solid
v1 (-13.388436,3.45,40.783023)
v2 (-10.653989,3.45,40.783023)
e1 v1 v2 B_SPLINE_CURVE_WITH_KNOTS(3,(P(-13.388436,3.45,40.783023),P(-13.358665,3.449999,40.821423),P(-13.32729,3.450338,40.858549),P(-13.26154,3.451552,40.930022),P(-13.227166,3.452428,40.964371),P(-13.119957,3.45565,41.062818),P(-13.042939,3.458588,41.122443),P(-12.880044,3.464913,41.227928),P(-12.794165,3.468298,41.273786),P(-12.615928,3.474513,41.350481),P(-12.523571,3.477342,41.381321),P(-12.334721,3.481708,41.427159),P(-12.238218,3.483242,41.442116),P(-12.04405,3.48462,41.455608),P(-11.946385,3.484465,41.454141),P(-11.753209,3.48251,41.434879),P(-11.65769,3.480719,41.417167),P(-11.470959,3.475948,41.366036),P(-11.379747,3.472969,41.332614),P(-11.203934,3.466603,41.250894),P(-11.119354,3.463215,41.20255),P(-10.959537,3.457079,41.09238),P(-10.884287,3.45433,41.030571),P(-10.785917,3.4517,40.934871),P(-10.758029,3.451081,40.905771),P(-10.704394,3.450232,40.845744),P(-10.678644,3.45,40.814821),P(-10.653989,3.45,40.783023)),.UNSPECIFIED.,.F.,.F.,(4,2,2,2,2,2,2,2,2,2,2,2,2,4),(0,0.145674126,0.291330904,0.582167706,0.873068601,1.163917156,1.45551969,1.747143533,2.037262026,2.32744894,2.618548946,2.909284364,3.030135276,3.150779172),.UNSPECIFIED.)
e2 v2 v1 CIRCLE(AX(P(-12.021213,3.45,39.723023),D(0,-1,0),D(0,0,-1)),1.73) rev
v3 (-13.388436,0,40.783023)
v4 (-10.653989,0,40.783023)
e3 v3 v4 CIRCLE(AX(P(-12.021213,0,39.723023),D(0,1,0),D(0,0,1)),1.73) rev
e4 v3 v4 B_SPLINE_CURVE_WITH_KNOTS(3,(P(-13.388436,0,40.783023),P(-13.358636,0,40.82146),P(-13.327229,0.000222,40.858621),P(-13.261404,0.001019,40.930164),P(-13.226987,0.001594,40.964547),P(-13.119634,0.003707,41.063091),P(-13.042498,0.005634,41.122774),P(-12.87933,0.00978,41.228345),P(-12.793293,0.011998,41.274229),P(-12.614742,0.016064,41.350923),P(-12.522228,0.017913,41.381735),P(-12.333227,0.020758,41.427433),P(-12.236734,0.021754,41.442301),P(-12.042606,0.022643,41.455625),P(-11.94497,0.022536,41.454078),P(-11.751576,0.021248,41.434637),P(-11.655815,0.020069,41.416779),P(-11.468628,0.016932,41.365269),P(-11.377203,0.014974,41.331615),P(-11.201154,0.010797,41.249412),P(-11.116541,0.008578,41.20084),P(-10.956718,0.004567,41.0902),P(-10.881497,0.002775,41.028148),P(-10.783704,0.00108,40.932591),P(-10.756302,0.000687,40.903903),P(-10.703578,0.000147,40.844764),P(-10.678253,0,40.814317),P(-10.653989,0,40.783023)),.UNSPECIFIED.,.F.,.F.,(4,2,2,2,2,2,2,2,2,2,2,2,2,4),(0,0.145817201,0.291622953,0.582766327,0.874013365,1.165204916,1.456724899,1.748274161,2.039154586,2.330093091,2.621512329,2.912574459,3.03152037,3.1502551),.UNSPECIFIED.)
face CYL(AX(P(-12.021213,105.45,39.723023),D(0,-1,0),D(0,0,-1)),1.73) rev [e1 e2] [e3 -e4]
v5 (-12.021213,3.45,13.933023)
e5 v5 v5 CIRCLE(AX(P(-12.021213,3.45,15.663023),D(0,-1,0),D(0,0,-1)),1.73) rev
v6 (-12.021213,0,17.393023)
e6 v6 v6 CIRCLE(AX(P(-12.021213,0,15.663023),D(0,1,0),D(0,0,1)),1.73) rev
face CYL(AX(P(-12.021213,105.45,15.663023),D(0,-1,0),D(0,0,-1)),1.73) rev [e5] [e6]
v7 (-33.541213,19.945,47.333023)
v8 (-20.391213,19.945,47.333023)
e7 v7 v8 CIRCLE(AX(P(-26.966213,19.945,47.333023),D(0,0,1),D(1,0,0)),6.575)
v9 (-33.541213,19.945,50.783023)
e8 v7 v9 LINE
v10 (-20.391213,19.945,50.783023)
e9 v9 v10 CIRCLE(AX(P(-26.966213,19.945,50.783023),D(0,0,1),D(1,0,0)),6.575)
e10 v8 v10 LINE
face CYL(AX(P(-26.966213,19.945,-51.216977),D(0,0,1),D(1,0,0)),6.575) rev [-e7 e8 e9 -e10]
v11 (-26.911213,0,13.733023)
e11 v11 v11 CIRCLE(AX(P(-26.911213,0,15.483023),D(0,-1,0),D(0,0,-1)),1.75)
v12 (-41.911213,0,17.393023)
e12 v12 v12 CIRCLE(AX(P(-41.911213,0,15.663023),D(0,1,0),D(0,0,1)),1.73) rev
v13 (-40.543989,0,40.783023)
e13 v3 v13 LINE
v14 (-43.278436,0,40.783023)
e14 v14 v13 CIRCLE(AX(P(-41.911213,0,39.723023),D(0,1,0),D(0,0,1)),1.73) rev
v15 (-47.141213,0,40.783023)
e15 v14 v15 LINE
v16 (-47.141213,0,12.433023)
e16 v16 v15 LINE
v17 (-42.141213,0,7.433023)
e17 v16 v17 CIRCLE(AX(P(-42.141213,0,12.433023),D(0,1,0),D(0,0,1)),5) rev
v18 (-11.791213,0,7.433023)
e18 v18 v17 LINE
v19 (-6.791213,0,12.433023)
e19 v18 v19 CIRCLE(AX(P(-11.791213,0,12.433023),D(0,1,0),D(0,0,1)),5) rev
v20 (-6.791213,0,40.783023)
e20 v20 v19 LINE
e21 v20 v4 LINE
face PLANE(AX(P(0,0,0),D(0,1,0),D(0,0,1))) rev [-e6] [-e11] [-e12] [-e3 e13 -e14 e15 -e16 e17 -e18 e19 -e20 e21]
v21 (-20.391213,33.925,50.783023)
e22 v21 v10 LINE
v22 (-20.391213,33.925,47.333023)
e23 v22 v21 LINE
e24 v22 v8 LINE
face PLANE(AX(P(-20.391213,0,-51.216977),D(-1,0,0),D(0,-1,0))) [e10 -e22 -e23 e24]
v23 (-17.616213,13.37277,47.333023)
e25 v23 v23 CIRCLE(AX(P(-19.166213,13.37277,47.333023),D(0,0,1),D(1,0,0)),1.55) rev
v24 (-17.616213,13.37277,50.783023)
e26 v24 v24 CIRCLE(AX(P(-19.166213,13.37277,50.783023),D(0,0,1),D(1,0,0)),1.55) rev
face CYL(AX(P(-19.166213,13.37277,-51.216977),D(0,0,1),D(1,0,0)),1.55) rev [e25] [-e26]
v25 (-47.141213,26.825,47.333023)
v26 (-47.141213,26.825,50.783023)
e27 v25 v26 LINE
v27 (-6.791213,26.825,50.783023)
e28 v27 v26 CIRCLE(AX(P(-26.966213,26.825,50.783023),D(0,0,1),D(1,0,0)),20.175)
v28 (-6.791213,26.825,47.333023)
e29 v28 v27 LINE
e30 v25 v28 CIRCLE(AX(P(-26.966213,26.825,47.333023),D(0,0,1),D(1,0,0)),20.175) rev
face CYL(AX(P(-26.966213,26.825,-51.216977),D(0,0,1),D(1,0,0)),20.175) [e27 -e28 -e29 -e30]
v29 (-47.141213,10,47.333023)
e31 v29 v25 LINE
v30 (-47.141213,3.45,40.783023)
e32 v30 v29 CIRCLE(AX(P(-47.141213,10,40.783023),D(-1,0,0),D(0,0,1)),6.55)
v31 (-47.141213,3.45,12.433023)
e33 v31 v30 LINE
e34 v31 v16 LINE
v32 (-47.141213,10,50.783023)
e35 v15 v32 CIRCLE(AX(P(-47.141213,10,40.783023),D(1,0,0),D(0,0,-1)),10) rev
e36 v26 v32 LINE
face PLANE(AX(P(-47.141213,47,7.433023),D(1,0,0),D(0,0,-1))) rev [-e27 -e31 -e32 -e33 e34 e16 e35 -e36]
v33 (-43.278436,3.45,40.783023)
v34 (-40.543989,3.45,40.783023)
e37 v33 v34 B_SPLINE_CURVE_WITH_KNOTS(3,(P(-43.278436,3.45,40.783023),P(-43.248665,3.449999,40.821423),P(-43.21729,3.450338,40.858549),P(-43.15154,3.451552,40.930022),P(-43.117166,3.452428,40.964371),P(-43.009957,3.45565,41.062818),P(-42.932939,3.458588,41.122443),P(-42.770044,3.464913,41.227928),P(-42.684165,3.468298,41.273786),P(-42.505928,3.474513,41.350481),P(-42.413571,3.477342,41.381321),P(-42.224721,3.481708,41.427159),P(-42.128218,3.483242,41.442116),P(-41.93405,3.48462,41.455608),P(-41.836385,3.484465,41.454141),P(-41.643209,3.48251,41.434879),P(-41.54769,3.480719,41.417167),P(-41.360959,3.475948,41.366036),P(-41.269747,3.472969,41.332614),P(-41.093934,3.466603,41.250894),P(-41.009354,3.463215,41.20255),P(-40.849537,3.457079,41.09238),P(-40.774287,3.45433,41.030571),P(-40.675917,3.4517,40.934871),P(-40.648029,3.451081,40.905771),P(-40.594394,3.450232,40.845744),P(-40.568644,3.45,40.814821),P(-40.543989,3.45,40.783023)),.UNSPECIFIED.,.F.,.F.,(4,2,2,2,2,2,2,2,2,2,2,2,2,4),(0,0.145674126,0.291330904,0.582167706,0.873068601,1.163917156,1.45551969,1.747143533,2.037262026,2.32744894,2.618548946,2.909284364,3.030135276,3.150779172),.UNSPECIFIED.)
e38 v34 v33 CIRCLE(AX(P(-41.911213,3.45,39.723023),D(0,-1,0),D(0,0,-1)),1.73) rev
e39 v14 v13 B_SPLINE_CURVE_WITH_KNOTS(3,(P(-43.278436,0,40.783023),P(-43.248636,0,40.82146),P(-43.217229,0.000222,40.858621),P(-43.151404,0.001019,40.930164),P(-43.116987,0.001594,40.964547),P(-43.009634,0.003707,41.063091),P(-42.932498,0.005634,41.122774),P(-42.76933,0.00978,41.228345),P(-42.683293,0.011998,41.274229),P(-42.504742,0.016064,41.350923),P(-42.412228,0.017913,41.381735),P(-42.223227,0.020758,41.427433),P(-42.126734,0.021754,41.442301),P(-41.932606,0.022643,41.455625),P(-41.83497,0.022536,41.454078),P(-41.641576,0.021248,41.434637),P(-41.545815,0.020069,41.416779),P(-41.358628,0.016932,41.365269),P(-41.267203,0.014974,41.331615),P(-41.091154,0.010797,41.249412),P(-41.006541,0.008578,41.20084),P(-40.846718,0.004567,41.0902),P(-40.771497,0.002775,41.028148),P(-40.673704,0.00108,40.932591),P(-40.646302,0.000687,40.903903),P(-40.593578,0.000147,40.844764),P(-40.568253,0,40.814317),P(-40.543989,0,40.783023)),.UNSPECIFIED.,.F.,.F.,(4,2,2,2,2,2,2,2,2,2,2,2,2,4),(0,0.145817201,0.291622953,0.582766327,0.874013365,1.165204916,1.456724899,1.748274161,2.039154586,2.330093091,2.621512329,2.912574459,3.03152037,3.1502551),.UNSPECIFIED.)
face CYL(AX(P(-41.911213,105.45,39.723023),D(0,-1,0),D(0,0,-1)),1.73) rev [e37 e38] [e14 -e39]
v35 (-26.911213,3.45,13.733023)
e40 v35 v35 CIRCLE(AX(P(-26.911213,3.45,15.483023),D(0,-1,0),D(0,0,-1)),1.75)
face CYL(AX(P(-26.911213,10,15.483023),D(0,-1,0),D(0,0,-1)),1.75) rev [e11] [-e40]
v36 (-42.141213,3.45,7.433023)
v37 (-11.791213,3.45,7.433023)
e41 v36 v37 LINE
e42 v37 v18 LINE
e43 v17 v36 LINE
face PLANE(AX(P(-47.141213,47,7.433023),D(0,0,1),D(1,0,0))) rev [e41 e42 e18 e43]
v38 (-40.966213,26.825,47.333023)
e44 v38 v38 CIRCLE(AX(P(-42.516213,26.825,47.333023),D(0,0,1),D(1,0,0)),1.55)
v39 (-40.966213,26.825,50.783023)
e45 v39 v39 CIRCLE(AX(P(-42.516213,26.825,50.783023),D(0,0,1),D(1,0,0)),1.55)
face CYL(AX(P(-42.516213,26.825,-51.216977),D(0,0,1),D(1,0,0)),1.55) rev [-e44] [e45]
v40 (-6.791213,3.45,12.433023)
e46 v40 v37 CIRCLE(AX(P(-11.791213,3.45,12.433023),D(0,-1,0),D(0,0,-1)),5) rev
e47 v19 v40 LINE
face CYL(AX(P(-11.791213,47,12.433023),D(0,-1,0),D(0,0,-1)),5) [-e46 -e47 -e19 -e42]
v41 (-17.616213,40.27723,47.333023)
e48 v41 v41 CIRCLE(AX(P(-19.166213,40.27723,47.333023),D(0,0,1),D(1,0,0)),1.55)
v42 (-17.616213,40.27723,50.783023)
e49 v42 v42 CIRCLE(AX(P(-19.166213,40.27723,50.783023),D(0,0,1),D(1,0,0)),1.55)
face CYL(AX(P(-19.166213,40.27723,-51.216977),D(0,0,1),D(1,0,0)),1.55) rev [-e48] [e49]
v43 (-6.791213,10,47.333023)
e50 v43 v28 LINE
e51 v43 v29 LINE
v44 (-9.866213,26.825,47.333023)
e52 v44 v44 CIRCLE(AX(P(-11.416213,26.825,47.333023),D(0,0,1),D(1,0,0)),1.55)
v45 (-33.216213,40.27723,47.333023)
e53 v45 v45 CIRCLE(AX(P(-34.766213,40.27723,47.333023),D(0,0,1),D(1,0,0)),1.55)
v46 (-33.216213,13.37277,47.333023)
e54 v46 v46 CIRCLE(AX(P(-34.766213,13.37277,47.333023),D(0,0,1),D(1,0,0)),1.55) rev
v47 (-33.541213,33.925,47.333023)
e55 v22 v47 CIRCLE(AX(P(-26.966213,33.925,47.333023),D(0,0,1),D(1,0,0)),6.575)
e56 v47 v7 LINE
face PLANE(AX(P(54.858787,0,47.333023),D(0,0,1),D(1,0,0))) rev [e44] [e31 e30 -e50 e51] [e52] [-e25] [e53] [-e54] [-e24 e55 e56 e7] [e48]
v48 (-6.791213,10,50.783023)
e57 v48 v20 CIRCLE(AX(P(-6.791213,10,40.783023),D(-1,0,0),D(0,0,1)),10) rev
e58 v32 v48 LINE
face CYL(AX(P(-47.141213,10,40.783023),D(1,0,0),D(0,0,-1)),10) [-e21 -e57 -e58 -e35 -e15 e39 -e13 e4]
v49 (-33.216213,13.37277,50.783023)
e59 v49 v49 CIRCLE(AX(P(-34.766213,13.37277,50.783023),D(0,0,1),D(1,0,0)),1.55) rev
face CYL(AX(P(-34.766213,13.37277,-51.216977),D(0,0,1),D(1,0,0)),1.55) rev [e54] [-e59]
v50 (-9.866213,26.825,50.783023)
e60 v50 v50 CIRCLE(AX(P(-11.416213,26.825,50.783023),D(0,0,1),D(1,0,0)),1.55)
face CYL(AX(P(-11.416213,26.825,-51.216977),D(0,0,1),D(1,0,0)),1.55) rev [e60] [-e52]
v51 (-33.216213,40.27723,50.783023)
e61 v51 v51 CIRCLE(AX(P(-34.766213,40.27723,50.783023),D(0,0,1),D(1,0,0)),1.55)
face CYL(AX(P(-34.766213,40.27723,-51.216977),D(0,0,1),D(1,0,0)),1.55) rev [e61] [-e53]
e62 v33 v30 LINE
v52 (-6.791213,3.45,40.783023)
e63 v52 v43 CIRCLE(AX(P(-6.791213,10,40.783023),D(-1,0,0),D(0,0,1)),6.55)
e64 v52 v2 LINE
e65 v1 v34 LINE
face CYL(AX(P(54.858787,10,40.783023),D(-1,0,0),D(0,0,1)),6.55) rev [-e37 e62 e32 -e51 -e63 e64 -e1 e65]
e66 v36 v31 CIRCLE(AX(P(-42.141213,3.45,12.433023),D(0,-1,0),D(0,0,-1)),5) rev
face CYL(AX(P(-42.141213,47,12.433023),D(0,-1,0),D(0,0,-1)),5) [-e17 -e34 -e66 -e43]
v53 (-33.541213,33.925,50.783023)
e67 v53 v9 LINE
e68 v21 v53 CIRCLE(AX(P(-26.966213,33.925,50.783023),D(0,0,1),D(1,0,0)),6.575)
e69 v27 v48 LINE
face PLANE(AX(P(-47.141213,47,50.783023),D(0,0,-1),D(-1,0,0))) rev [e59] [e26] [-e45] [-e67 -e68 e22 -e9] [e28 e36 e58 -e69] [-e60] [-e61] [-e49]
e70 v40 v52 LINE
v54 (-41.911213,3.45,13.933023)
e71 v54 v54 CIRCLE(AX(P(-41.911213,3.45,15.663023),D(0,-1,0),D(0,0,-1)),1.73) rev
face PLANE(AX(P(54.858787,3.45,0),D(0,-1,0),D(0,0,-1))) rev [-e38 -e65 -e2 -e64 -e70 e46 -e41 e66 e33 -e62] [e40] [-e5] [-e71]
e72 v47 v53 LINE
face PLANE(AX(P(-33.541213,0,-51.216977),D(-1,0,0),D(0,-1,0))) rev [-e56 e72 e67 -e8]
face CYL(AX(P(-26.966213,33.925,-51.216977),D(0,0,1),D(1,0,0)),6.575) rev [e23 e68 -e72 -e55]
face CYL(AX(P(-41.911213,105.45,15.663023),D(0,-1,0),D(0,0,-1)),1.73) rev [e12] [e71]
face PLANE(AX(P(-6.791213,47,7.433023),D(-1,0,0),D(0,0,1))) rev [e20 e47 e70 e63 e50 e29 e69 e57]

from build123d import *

# Parameters (mm, degrees)
SKETCH1_W               = 40.35
SKETCH1_H               = 43.35
BOSS_EXTRUDE1_DEPTH     = 47
CUT_EXTRUDE2_DEPTH      = 102
FILLET1_R               = 10
CUT_EXTRUDE3_DEPTH      = 102
FILLET2_R               = 5
CUT_EXTRUDE4_DEPTH      = 102
CUT_EXTRUDE4_DEPTH_BACK = 102
SKETCH6_R               = 1.73
CUT_EXTRUDE5_DEPTH      = 102
SKETCH8_R               = 1.55
CUT_EXTRUDE6_DEPTH      = 102
SKETCH9_R               = 1.75
CUT_EXTRUDE7_DEPTH      = 10


with BuildPart() as part:
    # Sketch1 → Boss-Extrude1 (new body)
    with BuildSketch(Plane(origin=(0, 0, 0), x_dir=(1, 0, 0), z_dir=(0, 1, 0))):
        with Locations((-26.966212793, -29.108023223)):
            Rectangle(SKETCH1_W, SKETCH1_H)
    extrude(amount=BOSS_EXTRUDE1_DEPTH)

    # Sketch3 → Cut-Extrude2 (cut)
    with BuildSketch(Plane.XY.offset(50.783023223)):
        with BuildLine():
            Line((-6.791212793, 47), (-26.966212793, 47))
            ThreePointArc((-26.966212793, 47), (-12.700333482, 41.09087931), (-6.791212793, 26.825))
            Line((-6.791212793, 26.825), (-6.791212793, 47))
        make_face()
        with BuildLine():
            Line((-47.141212793, 47), (-47.141212793, 26.825))
            ThreePointArc((-47.141212793, 26.825), (-41.232092103, 41.09087931), (-26.966212793, 47))
            Line((-26.966212793, 47), (-47.141212793, 47))
        make_face()
    extrude(amount=-CUT_EXTRUDE2_DEPTH, mode=Mode.SUBTRACT)

    # Fillet1
    fillet1_edges = [part.edges().sort_by_distance(p)[0] for p in [
        (-26.966212793, 0, 50.783023223),
    ]]
    fillet(fillet1_edges, radius=FILLET1_R)

    # Sketch5 → Cut-Extrude3 (cut)
    with BuildSketch(Plane.ZY.offset(47.141212793)):
        with BuildLine():
            Line((47.333023223, 59.778436909), (-6.665763497, 59.778436909))
            Line((-6.665763497, 59.778436909), (-6.665763497, 3.45))
            Line((-6.665763497, 3.45), (40.783023223, 3.45))
            ThreePointArc((40.783023223, 3.45), (45.41457264, 5.368450583), (47.333023223, 10))
            Line((47.333023223, 10), (47.333023223, 59.778436909))
        make_face()
    extrude(amount=-CUT_EXTRUDE3_DEPTH, mode=Mode.SUBTRACT)

    # Fillet2
    fillet2_edges = [part.edges().sort_by_distance(p)[0] for p in [
        (-6.791212793, 1.725, 7.433023223),
        (-47.141212793, 1.725, 7.433023223),
    ]]
    fillet(fillet2_edges, radius=FILLET2_R)

    # Sketch6 → Cut-Extrude4 (cut, two sides: drawn at the far end of the back side and taken through both)
    with BuildSketch(Plane(origin=(0, 3.45, 0), x_dir=(1, 0, 0), z_dir=(0, 1, 0)).offset(-CUT_EXTRUDE4_DEPTH_BACK)):
        with Locations((-41.911212793, -15.663023223)):
            Circle(SKETCH6_R)
        with Locations((-41.911212793, -39.723023223)):
            Circle(SKETCH6_R)
        with Locations((-12.021212793, -15.663023223)):
            Circle(SKETCH6_R)
        with Locations((-12.021212793, -39.723023223)):
            Circle(SKETCH6_R)
    extrude(amount=CUT_EXTRUDE4_DEPTH + CUT_EXTRUDE4_DEPTH_BACK, mode=Mode.SUBTRACT)

    # Sketch7 → Cut-Extrude5 (cut)
    with BuildSketch(Plane.XY.offset(50.783023223)):
        with BuildLine():
            ThreePointArc((-26.966212793, 40.5), (-31.615439879, 38.574227086), (-33.541212793, 33.925))
            Line((-33.541212793, 33.925), (-33.541212793, 21.982917389))
            Line((-33.541212793, 21.982917389), (-33.541212793, 19.945))
            ThreePointArc((-33.541212793, 19.945), (-26.966212793, 13.37), (-20.391212793, 19.945))
            Line((-20.391212793, 19.945), (-20.391212793, 20.41689663))
            Line((-20.391212793, 20.41689663), (-20.391212793, 33.925))
            ThreePointArc((-20.391212793, 33.925), (-22.316985706, 38.574227086), (-26.966212793, 40.5))
        make_face()
    extrude(amount=-CUT_EXTRUDE5_DEPTH, mode=Mode.SUBTRACT)

    # Sketch8 → Cut-Extrude6 (cut)
    with BuildSketch(Plane.XY.offset(50.783023223)):
        with Locations((-42.516212793, 26.825)):
            Circle(SKETCH8_R)
        with Locations((-34.766212793, 40.277230298)):
            Circle(SKETCH8_R)
        with Locations((-34.766212793, 13.372769702)):
            Circle(SKETCH8_R)
        with Locations((-19.166212793, 13.372769702)):
            Circle(SKETCH8_R)
        with Locations((-11.416212793, 26.825)):
            Circle(SKETCH8_R)
        with Locations((-19.166212793, 40.277230298)):
            Circle(SKETCH8_R)
    extrude(amount=-CUT_EXTRUDE6_DEPTH, mode=Mode.SUBTRACT)

    # Sketch9 → Cut-Extrude7 (cut)
    with BuildSketch(Plane.XZ):
        with Locations((-26.911212793, 15.483023223)):
            Circle(SKETCH9_R)
    extrude(amount=-CUT_EXTRUDE7_DEPTH, mode=Mode.SUBTRACT)


solid = part.part
